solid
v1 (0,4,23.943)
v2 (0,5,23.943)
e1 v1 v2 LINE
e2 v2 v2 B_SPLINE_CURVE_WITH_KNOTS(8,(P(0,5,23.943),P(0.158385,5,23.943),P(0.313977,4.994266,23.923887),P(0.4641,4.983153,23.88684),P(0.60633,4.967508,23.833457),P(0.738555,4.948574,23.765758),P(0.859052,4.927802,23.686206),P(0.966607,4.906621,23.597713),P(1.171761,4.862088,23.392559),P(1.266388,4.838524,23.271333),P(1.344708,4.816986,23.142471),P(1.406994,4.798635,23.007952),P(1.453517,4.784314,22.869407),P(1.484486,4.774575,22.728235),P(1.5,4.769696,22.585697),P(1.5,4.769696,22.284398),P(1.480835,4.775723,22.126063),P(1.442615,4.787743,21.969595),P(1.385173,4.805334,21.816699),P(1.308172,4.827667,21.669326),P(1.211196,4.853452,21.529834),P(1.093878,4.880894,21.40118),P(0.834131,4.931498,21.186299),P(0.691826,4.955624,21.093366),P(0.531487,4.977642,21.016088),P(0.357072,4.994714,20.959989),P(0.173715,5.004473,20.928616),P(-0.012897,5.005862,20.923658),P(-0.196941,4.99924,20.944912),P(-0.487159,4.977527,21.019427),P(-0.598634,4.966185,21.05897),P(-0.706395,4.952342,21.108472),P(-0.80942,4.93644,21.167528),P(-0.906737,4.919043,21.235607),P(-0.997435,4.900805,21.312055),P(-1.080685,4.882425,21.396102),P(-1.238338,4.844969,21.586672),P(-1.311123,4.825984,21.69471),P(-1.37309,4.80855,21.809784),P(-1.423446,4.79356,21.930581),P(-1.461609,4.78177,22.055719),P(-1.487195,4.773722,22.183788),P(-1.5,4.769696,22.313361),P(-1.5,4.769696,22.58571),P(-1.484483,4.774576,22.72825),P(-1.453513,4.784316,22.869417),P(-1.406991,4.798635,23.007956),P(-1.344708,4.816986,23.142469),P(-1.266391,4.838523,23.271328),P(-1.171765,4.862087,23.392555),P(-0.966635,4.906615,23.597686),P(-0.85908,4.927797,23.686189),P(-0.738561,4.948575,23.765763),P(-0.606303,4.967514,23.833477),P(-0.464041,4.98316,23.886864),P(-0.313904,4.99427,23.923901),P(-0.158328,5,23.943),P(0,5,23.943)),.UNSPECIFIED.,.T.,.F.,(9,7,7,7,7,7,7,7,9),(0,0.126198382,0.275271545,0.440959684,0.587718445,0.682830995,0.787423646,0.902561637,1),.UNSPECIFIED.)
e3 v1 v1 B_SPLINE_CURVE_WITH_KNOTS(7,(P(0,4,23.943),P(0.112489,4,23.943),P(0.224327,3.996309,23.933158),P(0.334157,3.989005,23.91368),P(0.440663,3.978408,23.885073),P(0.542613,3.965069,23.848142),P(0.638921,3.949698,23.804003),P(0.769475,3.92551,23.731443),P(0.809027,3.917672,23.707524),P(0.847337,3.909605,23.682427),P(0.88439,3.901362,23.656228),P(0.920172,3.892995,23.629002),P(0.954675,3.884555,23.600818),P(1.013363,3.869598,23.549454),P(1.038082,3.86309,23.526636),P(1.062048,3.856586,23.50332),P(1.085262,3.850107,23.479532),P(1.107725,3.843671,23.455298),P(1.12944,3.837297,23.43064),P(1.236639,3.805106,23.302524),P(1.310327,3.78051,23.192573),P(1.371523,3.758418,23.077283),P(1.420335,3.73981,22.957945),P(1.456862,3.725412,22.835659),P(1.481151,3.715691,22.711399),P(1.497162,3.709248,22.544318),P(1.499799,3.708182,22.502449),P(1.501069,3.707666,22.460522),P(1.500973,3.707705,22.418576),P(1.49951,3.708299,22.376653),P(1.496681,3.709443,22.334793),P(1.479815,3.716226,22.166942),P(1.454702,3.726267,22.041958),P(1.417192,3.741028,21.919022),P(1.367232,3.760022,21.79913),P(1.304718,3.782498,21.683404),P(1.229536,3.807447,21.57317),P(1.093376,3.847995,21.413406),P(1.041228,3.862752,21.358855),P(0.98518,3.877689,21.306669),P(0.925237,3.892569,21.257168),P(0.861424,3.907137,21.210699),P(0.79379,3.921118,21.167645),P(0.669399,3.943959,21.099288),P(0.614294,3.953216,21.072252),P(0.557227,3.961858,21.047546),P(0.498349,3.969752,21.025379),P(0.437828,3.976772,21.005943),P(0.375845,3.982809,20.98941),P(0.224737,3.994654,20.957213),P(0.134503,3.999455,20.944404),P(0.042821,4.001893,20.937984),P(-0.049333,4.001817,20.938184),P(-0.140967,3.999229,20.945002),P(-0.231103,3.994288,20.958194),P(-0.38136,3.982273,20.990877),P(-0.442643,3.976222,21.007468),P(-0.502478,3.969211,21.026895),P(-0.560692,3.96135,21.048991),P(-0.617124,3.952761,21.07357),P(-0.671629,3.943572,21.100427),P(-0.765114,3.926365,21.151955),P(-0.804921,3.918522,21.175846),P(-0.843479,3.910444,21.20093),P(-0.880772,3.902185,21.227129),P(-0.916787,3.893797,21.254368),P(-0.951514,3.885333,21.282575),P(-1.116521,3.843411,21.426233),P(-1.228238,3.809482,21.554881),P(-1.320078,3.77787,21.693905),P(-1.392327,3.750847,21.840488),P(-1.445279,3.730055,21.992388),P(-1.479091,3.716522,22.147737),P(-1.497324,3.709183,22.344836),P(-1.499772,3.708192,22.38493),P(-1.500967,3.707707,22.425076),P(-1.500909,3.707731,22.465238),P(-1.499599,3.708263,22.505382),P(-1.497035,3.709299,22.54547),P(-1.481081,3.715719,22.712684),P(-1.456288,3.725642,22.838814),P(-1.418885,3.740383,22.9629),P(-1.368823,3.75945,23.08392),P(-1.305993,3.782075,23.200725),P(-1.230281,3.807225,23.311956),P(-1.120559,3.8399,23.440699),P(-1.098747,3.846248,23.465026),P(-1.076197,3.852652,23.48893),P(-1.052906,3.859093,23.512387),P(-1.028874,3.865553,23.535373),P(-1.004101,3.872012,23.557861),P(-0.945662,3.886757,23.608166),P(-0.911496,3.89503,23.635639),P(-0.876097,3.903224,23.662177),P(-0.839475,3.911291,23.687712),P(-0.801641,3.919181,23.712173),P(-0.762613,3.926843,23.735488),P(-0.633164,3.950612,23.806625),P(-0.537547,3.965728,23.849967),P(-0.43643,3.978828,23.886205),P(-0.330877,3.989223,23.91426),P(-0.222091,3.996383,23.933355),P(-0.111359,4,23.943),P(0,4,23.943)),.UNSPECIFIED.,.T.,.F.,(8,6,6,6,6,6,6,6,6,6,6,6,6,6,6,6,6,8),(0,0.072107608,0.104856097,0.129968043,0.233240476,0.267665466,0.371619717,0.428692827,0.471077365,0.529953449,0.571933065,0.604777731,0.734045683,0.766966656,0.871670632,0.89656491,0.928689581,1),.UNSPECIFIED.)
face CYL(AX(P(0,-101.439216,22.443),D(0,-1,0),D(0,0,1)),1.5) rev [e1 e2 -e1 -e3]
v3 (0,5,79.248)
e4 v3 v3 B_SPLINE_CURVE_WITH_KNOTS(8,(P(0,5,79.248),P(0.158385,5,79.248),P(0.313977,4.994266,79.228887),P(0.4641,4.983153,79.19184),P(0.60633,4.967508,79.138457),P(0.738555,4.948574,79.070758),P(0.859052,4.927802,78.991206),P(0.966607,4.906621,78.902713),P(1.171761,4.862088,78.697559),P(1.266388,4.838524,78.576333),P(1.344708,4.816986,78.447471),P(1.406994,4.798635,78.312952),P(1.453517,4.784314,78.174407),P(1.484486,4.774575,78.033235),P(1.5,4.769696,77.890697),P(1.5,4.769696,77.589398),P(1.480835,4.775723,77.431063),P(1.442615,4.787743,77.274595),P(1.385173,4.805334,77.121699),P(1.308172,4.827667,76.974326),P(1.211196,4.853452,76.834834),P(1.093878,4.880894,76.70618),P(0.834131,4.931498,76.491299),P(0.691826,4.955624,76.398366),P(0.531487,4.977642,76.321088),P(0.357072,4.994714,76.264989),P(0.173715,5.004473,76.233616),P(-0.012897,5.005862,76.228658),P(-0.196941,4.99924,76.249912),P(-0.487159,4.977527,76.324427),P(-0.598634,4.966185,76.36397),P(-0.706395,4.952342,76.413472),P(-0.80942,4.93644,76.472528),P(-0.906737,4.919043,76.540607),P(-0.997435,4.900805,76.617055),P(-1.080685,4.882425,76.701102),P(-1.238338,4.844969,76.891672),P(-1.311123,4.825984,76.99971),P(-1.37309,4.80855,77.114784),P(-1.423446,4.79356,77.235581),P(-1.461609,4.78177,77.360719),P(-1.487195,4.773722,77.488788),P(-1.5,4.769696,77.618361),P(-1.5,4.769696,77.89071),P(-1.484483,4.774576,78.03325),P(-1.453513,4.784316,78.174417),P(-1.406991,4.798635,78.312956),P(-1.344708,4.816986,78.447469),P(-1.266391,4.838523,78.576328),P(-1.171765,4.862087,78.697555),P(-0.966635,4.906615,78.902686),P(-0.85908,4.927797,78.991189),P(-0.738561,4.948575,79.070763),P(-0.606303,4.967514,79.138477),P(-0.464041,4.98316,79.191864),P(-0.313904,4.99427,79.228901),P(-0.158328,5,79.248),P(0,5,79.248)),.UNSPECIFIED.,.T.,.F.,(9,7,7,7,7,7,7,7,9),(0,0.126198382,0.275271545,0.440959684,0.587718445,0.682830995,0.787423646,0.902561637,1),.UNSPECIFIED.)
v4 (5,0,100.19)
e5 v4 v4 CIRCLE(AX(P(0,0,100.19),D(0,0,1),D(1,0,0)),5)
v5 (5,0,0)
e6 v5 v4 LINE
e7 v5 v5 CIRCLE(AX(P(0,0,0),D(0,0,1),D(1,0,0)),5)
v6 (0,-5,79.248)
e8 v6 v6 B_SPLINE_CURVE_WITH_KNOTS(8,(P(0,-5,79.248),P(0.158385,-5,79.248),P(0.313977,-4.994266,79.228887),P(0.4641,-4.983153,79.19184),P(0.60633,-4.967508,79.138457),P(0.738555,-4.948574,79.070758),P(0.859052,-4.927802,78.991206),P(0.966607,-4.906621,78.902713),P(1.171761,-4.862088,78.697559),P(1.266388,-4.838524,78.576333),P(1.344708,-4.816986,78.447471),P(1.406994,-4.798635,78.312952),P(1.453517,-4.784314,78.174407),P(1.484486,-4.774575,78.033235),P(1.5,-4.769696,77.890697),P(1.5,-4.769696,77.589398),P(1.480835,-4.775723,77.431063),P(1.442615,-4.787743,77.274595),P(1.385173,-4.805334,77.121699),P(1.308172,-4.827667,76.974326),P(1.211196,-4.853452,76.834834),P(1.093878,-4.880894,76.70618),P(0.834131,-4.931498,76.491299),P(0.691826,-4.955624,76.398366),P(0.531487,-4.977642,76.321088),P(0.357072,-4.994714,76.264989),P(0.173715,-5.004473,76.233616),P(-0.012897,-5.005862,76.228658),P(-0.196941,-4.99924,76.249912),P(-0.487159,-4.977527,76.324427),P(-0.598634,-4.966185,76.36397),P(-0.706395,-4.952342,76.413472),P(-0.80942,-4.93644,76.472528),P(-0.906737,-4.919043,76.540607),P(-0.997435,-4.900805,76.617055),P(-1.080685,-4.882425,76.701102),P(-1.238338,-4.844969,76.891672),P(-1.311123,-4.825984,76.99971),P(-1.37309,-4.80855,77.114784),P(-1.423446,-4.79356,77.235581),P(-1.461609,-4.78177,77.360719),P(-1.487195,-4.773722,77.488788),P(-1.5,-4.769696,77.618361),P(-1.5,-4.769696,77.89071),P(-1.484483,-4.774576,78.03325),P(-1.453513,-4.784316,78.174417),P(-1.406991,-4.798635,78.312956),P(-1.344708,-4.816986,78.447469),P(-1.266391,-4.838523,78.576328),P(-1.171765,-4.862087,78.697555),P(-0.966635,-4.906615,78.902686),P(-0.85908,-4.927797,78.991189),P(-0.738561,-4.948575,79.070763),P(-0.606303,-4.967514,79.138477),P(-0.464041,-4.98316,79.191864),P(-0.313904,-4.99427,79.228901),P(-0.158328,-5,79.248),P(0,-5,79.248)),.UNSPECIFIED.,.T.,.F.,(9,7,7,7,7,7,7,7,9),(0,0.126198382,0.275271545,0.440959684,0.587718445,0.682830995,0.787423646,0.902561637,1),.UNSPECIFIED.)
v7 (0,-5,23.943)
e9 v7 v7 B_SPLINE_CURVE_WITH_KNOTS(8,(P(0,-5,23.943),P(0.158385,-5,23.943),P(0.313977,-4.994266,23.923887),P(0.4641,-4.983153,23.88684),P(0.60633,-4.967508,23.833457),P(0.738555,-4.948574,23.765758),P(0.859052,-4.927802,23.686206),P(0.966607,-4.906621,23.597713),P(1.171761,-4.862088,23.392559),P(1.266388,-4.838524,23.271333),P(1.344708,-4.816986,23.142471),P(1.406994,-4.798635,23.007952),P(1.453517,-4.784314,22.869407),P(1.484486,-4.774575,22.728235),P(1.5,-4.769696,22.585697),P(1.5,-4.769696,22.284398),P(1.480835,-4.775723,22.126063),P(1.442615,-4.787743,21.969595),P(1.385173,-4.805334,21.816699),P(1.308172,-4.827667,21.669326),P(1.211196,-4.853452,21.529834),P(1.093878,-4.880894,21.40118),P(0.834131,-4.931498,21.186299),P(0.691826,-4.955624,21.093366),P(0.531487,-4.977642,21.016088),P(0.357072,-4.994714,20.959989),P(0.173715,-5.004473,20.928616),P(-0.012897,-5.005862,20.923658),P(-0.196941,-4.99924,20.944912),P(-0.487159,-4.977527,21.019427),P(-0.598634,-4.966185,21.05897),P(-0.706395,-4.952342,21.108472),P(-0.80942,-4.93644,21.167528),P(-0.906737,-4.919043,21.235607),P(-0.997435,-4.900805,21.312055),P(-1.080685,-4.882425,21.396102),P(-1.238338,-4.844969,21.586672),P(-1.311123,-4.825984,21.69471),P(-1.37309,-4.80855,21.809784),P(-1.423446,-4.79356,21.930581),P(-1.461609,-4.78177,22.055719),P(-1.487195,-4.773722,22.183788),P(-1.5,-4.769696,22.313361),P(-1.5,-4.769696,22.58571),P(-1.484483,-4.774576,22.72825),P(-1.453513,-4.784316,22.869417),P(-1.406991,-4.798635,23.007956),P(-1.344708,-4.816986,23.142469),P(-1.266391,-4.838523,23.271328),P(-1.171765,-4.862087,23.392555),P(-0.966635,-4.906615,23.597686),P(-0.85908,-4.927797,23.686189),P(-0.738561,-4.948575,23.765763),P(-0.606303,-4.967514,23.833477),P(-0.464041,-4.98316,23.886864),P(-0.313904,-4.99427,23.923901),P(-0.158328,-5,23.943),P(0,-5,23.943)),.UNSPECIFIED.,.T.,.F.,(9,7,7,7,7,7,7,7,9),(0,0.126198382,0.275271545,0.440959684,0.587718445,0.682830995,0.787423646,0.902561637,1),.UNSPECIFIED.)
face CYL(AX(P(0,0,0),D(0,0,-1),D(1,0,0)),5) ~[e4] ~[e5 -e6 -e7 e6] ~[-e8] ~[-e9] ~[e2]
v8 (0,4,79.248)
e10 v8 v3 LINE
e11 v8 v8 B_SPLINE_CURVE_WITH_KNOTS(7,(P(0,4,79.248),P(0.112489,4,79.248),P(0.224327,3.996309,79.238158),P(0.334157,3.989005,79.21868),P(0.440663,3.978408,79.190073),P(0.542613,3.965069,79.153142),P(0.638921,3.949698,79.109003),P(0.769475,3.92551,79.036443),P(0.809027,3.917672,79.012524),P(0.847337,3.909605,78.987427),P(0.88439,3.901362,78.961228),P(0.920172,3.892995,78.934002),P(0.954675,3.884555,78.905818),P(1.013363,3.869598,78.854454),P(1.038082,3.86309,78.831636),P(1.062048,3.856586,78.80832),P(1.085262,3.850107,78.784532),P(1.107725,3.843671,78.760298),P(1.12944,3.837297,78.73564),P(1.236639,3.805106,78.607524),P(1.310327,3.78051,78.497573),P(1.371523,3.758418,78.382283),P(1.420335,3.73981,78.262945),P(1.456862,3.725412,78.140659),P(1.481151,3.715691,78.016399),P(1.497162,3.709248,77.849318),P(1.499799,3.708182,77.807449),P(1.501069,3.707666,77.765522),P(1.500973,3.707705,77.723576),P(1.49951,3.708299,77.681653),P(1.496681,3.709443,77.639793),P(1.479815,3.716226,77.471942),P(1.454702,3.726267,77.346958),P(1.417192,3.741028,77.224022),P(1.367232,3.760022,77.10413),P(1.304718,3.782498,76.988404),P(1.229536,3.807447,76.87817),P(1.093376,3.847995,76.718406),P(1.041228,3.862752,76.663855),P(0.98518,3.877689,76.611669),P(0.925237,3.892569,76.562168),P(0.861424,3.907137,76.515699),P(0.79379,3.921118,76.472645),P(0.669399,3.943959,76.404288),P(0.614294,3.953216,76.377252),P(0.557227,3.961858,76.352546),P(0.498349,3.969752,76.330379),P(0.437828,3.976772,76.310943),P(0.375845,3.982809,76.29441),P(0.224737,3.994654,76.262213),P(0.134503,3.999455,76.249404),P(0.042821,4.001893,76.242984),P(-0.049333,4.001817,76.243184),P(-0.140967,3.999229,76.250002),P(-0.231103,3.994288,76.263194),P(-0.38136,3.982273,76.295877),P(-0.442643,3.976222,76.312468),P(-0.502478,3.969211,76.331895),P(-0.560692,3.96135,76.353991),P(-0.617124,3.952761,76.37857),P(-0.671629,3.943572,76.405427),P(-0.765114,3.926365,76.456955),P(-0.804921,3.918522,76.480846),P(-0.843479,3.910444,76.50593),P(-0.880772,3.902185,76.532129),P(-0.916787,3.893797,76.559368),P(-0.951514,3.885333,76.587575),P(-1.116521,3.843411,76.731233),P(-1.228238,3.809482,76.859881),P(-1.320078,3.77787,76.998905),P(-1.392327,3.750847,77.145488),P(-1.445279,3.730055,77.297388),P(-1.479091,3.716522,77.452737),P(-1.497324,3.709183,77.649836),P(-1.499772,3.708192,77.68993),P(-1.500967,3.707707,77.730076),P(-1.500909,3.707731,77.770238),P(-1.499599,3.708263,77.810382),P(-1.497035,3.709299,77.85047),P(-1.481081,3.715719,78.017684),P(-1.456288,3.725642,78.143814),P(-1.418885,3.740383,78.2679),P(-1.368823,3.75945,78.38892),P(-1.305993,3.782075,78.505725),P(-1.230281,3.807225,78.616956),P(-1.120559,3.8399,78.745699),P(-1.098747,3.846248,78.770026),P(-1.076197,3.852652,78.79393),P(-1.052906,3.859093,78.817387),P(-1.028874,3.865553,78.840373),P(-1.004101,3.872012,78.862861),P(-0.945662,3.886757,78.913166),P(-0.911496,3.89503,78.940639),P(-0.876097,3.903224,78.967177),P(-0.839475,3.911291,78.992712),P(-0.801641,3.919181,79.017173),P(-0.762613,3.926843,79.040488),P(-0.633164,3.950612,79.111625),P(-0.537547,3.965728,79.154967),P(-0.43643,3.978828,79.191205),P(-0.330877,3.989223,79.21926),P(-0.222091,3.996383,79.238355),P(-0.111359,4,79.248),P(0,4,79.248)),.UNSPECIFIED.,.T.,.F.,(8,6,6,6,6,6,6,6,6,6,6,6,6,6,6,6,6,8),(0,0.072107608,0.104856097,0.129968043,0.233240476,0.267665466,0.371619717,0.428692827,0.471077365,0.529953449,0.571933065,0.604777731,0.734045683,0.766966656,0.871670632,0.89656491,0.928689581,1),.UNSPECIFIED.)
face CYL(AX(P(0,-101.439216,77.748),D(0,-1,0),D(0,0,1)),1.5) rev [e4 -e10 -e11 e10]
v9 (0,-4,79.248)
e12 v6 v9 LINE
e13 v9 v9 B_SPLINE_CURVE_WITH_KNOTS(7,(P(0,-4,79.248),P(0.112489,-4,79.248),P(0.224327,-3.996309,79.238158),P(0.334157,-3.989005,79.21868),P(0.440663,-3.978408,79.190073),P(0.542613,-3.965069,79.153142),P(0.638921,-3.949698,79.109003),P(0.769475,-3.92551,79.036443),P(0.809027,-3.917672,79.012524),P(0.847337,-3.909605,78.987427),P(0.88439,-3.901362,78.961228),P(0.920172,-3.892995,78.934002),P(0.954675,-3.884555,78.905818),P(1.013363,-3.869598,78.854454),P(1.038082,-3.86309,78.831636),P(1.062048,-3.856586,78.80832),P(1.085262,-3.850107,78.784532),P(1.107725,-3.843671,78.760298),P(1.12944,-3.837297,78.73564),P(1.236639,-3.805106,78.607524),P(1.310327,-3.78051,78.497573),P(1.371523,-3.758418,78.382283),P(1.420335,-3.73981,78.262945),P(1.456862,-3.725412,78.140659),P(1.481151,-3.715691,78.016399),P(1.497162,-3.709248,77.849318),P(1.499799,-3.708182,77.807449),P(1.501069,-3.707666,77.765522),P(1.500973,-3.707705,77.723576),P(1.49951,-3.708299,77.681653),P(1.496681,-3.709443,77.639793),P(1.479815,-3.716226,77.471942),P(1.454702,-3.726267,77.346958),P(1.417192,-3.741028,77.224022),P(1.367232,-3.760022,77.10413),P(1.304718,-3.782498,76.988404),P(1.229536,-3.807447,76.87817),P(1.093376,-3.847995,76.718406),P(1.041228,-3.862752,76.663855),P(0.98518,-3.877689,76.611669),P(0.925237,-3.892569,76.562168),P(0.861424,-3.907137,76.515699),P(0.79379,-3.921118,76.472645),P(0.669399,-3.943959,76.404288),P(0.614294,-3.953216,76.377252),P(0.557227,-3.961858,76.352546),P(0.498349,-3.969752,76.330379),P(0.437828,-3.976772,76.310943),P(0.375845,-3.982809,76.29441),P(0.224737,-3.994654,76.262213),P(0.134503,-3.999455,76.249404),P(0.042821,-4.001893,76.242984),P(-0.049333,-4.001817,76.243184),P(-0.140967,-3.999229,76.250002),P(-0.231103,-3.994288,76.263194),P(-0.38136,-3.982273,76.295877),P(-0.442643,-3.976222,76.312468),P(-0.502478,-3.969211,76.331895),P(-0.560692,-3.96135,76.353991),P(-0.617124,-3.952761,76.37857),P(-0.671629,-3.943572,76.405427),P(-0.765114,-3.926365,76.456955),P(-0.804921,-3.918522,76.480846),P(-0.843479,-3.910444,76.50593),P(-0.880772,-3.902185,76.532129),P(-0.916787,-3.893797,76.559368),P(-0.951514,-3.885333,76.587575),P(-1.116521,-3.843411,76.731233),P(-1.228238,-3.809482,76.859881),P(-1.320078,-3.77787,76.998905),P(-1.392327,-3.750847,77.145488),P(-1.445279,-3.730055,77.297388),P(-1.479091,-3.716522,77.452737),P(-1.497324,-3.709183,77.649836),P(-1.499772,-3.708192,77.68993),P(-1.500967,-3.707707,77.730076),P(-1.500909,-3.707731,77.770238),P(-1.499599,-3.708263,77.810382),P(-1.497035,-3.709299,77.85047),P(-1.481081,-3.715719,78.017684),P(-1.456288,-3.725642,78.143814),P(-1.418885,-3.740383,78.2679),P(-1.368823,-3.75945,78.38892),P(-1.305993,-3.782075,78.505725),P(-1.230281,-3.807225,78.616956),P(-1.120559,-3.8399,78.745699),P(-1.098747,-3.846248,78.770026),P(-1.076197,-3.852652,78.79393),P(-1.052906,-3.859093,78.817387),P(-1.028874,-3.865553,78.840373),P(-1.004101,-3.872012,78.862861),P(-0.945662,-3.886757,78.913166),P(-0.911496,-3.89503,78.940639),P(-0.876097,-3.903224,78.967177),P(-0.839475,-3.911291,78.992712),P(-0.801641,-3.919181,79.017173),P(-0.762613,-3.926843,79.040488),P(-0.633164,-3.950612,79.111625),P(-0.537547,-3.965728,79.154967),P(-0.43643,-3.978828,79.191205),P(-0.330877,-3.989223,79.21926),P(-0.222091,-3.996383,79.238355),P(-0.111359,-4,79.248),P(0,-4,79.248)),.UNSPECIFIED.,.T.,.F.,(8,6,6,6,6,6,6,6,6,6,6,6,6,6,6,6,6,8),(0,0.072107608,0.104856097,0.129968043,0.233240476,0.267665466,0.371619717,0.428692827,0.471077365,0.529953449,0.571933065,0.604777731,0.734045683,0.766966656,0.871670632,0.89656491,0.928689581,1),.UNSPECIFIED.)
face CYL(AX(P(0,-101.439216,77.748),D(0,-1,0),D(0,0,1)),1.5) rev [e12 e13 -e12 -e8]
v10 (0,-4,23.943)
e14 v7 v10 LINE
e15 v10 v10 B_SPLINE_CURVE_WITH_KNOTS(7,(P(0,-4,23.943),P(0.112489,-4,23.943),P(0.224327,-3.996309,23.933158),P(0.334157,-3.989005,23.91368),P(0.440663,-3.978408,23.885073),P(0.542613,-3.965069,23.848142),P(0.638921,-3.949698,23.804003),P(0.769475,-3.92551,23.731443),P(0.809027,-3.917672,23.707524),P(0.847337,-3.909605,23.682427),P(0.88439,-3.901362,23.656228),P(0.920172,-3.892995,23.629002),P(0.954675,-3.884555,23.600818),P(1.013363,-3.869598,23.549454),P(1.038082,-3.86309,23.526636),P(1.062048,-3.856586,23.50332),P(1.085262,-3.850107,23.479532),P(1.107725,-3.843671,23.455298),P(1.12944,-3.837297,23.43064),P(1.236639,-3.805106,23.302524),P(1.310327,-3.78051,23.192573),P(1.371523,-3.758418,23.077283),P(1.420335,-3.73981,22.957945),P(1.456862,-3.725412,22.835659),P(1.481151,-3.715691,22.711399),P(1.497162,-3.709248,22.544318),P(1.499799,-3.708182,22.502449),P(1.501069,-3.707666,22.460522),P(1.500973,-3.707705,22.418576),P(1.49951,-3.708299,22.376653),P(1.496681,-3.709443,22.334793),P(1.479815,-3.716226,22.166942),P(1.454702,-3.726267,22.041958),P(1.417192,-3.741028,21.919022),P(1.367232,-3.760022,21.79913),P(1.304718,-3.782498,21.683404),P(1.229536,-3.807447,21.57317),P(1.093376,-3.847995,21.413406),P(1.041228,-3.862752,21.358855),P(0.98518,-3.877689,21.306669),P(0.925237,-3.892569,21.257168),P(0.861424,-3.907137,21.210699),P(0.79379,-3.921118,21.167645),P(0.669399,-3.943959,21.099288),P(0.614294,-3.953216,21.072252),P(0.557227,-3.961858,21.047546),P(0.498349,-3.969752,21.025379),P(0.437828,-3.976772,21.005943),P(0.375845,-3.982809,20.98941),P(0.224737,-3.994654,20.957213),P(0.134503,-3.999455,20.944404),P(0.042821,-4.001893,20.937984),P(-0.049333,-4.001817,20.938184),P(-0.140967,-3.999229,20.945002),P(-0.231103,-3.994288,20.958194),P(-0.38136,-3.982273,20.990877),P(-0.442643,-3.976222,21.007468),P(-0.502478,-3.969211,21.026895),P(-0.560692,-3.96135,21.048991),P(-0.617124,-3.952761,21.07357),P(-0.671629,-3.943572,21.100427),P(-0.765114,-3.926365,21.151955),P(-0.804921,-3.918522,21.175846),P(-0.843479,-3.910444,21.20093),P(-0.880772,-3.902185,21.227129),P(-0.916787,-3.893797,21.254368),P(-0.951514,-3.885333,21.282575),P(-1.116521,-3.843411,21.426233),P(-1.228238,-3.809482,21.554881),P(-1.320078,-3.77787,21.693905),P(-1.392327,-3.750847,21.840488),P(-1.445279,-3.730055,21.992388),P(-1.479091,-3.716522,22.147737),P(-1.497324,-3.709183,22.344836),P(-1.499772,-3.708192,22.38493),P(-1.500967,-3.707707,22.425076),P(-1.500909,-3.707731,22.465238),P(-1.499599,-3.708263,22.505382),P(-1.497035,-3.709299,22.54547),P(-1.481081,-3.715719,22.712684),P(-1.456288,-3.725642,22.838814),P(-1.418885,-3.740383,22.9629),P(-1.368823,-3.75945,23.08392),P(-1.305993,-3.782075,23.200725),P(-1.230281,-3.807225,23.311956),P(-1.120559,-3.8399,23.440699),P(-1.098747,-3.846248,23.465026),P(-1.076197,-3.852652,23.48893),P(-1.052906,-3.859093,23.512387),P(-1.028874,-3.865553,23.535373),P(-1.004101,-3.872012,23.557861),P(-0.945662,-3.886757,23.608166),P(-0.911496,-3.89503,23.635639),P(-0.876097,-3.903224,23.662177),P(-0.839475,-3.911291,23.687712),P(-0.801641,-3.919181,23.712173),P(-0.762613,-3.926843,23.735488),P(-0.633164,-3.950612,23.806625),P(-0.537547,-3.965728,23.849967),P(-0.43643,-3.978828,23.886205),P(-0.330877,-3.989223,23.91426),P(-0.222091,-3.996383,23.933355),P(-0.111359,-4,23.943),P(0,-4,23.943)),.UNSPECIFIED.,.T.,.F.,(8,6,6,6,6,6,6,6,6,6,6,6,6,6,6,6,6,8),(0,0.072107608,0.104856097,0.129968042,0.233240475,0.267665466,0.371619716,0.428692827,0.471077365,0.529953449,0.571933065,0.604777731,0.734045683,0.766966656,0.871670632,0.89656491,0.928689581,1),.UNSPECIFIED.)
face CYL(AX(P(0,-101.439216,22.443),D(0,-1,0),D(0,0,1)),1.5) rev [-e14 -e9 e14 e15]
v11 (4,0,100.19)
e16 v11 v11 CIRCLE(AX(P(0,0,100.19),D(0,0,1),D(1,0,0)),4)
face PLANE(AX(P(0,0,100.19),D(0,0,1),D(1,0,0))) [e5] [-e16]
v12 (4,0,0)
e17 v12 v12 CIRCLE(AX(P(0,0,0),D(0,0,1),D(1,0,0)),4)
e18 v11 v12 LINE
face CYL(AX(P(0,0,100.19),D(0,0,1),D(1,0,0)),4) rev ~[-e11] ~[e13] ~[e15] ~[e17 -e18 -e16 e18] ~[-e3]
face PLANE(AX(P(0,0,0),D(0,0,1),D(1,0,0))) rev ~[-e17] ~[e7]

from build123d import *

# Parameters (mm, degrees)
SKETCH1_R               = 5
BOSS_EXTRUDE1_DEPTH     = 100.19
CUT_EXTRUDE1_REACH      = 102.439
SKETCH2_R               = 4
CUT_EXTRUDE2_DEPTH      = 101.439215947
CUT_EXTRUDE2_DEPTH_BACK = 101.439215947
SKETCH5_R               = 1.5


with BuildPart() as part:
    # Sketch1 → Boss-Extrude1 (new body)
    with BuildSketch(Plane.XY):
        Circle(SKETCH1_R)
    extrude(amount=BOSS_EXTRUDE1_DEPTH)

    # Sketch2 → Cut-Extrude1 (cut, up to next)
    with BuildSketch(Plane.XY.offset(100.19), mode=Mode.PRIVATE) as cut_extrude1_sk1:
        Circle(SKETCH2_R)
    cut_extrude1_tool1 = extrude(cut_extrude1_sk1.sketch, amount=-CUT_EXTRUDE1_REACH, mode=Mode.PRIVATE) & part.part
    add(cut_extrude1_tool1.solids().sort_by_distance((0, 0, 100.19))[0], mode=Mode.SUBTRACT)

    # Sketch5 → Cut-Extrude2 (cut, two sides: drawn at the far end of the back side and taken through both)
    with BuildSketch(Plane(origin=(0, 0, 0), x_dir=(1, 0, 0), z_dir=(0, 1, 0)).offset(-CUT_EXTRUDE2_DEPTH_BACK)):
        with Locations(Location((0, -22.443, 0), (0, 0, 270))):
            Circle(SKETCH5_R)
        with Locations(Location((0, -77.748, 0), (0, 0, 270))):
            Circle(SKETCH5_R)
    extrude(amount=CUT_EXTRUDE2_DEPTH + CUT_EXTRUDE2_DEPTH_BACK, mode=Mode.SUBTRACT)


solid = part.part
